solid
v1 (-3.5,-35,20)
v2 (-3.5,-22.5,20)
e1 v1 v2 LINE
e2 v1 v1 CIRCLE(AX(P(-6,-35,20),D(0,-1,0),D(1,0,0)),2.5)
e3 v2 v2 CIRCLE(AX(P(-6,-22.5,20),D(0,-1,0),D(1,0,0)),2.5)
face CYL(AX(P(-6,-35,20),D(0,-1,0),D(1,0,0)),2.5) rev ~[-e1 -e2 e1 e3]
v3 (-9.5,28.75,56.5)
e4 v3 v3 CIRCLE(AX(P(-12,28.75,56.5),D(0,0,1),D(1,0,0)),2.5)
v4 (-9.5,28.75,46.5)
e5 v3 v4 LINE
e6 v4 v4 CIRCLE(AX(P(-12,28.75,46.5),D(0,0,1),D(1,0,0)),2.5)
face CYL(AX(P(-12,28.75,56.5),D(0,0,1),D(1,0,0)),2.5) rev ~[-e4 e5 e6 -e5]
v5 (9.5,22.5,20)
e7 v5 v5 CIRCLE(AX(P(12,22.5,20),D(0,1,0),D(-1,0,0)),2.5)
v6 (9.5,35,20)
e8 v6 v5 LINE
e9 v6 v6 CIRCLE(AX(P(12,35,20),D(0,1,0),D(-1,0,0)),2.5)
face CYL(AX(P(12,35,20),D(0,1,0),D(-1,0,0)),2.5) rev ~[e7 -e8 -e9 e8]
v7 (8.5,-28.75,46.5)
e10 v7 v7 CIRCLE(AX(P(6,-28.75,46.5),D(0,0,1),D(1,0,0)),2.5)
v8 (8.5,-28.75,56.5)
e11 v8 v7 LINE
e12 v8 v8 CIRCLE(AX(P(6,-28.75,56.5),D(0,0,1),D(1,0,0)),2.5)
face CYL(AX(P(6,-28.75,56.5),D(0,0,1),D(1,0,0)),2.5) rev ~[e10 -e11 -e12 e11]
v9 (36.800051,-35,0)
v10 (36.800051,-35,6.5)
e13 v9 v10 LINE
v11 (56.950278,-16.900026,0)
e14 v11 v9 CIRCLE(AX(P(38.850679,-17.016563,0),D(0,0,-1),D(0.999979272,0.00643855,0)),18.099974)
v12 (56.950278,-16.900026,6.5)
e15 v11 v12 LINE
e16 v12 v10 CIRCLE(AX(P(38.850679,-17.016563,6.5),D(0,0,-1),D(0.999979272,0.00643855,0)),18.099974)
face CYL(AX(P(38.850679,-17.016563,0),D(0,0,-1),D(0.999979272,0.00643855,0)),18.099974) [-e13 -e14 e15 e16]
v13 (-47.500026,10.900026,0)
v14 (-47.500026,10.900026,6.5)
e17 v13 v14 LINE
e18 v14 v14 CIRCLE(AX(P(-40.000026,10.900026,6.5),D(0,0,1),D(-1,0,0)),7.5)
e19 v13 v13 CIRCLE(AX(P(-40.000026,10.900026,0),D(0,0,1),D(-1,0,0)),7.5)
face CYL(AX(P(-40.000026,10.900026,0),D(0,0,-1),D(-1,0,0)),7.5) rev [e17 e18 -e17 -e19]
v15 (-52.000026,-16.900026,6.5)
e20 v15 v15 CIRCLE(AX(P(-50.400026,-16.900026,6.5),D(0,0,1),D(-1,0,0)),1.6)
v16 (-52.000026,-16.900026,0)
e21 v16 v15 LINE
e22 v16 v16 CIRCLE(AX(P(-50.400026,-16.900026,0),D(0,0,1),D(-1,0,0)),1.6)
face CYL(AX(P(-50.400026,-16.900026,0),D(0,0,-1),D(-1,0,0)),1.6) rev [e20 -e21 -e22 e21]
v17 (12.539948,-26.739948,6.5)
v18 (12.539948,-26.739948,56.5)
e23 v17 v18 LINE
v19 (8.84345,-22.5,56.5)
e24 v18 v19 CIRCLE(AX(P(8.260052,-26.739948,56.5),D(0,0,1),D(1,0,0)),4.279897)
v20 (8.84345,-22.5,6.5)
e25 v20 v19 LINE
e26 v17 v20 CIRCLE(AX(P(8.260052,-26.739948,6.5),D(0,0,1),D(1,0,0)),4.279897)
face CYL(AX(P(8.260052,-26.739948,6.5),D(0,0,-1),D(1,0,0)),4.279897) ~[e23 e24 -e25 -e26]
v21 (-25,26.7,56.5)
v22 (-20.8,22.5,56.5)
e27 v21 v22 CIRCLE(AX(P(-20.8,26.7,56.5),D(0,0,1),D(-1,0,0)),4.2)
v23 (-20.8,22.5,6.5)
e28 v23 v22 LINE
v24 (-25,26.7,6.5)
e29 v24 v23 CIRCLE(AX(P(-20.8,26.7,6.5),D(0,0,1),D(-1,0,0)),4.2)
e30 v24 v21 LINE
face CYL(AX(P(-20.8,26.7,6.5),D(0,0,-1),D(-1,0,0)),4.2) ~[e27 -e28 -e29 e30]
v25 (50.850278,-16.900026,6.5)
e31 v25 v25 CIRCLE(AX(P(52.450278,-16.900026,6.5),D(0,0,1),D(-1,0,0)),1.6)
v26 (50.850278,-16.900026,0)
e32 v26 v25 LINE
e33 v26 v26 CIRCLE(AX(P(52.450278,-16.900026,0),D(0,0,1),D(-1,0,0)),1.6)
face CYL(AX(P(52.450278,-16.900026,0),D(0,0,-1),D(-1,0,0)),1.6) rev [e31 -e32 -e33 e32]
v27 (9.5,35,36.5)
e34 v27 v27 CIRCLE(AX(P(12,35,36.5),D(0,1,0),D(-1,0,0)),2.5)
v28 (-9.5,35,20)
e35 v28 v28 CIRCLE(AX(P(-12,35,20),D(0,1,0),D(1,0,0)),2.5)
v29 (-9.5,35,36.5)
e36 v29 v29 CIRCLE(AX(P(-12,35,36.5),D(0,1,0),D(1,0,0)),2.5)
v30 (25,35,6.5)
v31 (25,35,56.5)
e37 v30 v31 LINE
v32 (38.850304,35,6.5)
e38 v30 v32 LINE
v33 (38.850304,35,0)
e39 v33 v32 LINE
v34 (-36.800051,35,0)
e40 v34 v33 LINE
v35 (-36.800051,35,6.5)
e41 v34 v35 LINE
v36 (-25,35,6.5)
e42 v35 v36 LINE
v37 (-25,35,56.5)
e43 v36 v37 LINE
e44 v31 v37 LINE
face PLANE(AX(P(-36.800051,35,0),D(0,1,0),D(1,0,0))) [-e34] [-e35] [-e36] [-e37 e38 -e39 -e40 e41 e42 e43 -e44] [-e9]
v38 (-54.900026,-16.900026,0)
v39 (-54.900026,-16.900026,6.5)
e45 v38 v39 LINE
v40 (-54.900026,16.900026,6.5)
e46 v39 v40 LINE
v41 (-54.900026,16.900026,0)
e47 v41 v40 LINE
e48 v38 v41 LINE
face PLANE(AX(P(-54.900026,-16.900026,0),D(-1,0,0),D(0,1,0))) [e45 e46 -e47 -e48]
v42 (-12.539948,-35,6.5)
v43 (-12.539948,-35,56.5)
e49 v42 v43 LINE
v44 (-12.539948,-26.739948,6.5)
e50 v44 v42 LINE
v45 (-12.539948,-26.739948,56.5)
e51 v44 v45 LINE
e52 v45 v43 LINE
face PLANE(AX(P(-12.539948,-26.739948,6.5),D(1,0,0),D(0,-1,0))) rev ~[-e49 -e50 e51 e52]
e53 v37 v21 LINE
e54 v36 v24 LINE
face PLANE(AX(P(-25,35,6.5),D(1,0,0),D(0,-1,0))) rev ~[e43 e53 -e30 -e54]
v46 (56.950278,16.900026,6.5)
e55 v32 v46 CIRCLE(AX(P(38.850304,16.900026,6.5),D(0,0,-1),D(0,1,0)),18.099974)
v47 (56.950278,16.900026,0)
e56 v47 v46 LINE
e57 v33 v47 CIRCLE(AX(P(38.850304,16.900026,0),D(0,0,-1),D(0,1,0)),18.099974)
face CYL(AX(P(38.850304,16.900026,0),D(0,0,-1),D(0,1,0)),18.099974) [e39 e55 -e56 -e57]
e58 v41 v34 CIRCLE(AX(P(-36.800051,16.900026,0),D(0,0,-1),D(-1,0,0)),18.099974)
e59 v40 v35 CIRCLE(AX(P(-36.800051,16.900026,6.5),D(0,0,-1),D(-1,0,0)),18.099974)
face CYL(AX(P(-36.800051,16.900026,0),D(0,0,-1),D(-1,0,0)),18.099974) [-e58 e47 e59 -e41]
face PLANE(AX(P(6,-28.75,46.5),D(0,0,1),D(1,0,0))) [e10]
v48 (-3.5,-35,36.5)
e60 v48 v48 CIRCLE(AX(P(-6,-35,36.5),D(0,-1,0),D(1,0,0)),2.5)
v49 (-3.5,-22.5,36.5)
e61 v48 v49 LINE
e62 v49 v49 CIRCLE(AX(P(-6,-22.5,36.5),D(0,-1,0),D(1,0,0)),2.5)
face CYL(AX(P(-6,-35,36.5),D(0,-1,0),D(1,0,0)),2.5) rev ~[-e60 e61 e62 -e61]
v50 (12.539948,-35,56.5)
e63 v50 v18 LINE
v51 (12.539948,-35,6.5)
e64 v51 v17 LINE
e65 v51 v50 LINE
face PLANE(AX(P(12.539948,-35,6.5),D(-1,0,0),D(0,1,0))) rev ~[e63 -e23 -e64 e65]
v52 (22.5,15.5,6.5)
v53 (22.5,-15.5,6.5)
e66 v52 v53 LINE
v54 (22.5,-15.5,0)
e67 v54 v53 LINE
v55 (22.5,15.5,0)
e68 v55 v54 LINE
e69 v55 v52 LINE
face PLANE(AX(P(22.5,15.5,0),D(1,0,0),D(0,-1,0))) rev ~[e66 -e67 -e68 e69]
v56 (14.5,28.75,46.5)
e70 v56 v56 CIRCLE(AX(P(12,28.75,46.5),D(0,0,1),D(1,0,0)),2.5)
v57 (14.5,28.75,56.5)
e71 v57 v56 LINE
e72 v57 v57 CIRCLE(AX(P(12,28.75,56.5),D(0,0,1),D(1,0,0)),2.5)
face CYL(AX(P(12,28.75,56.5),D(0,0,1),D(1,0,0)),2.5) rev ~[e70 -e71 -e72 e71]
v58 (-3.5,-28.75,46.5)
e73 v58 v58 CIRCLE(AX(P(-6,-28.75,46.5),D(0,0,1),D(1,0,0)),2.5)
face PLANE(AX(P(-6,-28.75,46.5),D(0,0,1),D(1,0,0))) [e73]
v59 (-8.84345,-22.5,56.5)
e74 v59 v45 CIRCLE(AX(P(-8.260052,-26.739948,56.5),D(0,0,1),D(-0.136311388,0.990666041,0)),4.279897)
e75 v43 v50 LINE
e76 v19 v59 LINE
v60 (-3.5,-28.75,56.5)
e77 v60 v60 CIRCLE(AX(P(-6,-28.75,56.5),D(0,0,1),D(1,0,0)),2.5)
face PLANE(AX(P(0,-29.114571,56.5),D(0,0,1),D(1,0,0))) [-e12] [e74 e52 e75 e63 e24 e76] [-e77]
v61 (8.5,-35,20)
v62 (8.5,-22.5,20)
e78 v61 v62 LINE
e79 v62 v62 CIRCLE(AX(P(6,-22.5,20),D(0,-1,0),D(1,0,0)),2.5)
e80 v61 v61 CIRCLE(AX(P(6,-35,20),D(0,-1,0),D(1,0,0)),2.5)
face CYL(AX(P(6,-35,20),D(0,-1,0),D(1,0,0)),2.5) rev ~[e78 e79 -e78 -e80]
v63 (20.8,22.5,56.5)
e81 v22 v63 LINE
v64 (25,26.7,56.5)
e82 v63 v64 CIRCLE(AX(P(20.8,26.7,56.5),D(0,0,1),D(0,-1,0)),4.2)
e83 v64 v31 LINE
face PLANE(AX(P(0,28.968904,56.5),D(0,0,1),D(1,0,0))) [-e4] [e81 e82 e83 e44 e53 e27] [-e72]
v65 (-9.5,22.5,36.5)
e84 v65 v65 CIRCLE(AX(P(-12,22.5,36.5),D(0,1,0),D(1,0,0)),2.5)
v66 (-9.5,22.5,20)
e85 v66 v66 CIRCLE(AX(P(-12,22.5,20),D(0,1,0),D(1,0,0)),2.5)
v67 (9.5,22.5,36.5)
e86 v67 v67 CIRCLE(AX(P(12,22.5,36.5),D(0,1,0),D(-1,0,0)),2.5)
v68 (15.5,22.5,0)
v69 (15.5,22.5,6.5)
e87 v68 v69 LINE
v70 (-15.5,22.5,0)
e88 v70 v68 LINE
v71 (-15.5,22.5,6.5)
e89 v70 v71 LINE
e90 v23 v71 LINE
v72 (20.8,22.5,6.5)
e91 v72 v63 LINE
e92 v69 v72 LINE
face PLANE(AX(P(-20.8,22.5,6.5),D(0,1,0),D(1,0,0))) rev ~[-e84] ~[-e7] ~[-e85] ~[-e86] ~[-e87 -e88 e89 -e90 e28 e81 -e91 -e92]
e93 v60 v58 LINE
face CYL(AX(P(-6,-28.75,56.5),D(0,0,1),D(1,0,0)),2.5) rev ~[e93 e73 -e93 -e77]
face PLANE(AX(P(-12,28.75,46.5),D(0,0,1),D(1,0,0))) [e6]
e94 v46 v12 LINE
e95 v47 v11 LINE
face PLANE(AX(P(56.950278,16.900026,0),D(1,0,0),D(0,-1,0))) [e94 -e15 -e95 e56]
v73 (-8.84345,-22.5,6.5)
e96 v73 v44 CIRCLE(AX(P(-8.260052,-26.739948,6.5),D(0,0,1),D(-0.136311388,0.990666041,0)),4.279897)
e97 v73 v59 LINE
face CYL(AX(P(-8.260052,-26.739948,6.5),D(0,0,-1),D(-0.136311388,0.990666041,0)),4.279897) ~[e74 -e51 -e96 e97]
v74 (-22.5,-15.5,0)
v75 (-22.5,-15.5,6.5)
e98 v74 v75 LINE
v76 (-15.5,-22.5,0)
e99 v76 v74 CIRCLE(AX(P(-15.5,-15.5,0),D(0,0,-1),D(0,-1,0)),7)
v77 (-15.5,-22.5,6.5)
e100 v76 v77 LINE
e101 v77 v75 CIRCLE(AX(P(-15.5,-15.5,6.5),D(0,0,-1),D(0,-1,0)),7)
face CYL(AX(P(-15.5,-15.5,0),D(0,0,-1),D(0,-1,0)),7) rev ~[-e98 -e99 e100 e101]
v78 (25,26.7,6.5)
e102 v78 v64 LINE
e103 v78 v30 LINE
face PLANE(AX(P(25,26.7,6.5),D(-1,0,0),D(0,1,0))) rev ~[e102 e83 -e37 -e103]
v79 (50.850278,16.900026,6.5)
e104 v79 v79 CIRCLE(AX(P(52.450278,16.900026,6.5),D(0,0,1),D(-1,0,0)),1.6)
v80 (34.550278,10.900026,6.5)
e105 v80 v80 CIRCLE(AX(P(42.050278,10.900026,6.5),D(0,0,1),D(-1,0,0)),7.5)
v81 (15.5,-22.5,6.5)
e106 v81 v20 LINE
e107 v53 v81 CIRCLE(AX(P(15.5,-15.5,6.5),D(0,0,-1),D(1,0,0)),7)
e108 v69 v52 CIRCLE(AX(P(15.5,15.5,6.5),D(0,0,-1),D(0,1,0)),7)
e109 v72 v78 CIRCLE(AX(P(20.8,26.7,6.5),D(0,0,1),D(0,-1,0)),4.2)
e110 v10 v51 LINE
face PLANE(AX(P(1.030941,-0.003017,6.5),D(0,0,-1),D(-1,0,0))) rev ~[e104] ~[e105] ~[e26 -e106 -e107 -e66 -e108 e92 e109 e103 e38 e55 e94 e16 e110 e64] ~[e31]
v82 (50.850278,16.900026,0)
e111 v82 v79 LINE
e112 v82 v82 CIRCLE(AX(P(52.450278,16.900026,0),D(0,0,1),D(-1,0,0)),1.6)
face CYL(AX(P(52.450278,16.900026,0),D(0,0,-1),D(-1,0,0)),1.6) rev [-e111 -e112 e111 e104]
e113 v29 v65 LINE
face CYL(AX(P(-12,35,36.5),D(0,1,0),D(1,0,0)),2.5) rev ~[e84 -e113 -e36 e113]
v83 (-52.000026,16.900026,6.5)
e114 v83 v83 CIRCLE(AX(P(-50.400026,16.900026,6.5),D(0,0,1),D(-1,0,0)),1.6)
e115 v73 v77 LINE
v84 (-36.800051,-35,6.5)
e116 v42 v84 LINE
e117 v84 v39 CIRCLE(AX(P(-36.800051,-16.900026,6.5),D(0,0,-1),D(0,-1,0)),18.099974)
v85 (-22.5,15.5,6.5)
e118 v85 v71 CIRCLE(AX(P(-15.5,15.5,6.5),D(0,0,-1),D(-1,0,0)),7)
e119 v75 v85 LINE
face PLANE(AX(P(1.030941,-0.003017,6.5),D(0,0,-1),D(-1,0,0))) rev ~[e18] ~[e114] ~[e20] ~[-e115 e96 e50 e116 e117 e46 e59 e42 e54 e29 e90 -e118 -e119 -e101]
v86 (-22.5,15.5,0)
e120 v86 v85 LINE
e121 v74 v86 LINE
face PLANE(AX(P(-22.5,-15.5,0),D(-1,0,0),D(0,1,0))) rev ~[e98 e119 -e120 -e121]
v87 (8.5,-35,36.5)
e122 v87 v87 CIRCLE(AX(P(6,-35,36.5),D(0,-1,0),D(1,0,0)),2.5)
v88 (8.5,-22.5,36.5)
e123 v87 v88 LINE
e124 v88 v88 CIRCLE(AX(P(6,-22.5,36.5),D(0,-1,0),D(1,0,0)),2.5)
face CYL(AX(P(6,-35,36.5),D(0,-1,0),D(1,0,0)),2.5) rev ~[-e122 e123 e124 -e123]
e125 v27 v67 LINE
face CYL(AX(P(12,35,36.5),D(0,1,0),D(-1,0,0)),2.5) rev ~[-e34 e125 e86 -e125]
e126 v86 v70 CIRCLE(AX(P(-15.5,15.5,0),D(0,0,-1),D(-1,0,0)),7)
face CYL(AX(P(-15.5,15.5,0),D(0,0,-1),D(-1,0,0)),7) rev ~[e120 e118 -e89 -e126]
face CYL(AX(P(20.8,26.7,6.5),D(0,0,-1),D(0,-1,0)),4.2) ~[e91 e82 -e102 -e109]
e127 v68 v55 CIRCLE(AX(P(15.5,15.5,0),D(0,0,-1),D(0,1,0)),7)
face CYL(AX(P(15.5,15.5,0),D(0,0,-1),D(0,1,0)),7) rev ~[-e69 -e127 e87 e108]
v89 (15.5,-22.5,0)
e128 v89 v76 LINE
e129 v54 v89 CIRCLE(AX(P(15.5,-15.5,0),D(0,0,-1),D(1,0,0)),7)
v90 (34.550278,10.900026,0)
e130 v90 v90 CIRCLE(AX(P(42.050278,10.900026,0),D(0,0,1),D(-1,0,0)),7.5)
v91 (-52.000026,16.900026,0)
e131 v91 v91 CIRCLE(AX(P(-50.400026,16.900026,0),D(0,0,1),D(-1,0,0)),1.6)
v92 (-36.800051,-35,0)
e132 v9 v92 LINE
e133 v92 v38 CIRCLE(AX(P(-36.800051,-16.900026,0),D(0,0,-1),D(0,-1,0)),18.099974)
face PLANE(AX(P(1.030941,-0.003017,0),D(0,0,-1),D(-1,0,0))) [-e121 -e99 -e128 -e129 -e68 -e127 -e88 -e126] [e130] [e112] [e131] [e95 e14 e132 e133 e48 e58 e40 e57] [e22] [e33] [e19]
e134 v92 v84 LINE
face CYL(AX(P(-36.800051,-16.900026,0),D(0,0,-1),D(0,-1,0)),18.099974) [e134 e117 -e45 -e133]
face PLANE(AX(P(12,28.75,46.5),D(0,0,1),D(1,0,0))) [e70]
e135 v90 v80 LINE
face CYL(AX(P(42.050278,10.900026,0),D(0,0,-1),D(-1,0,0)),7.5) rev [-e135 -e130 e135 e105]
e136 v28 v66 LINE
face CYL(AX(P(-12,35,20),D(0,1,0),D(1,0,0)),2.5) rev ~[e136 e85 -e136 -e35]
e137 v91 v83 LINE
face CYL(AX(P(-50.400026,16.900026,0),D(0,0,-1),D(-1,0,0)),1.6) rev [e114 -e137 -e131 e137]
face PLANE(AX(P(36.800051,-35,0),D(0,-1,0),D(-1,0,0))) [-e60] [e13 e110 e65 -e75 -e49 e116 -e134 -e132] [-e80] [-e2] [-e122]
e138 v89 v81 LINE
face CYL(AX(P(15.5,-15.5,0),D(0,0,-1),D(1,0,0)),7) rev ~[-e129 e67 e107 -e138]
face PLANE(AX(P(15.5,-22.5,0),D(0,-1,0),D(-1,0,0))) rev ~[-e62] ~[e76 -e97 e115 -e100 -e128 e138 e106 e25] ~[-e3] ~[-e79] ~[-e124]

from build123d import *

# Parameters (mm, degrees)
SKETCH_1_R          = 1.6
SKETCH_1_R_2        = 7.5
EXTRUDE_1_DEPTH     = 6.5
EXTRUDE_2_DEPTH     = 50
SKETCH_3_R          = 2.5
CUT_EXTRUDE_1_DEPTH = 10
CUT_EXTRUDE_2_REACH = 108.546
SKETCH_5_R          = 2.5
CUT_EXTRUDE_3_REACH = 108.469
SKETCH_6_R          = 2.5


with BuildPart() as part:
    # 草图1 → 凸台-拉伸1 (new body)
    with BuildSketch(Plane.XY):
        with BuildLine():
            Line((-36.800051208, 35), (38.850303739, 35))
            ThreePointArc((38.850303739, 35), (51.648918374, 29.698640239), (56.950278135, 16.900025604))
            Line((56.950278135, 16.900025604), (56.950278135, -16.900025604))
            ThreePointArc((56.950278135, -16.900025604), (50.945911029, -30.48186799), (36.800051208, -35))
            Line((36.800051208, -35), (-36.800051208, -35))
            ThreePointArc((-36.800051208, -35), (-49.598665842, -29.698640239), (-54.900025604, -16.900025604))
            Line((-54.900025604, -16.900025604), (-54.900025604, 16.900025604))
            ThreePointArc((-54.900025604, 16.900025604), (-49.598665842, 29.698640239), (-36.800051208, 35))
        make_face()
        with Locations(Location((-50.400025604, 16.900025604, 0), (0, 0, 180))):
            Circle(SKETCH_1_R, mode=Mode.SUBTRACT)
        with Locations(Location((-40.000025604, 10.900025604, 0), (0, 0, 180))):
            Circle(SKETCH_1_R_2, mode=Mode.SUBTRACT)
        with Locations(Location((52.450278135, 16.900025604, 0), (0, 0, 180))):
            Circle(SKETCH_1_R, mode=Mode.SUBTRACT)
        with Locations(Location((42.050278135, 10.900025604, 0), (0, 0, 180))):
            Circle(SKETCH_1_R_2, mode=Mode.SUBTRACT)
        with Locations(Location((52.450278135, -16.900025604, 0), (0, 0, 180))):
            Circle(SKETCH_1_R, mode=Mode.SUBTRACT)
        with Locations(Location((-50.400025604, -16.900025604, 0), (0, 0, 180))):
            Circle(SKETCH_1_R, mode=Mode.SUBTRACT)
        with BuildLine():
            Line((-15.5, 22.5), (15.5, 22.5))
            ThreePointArc((15.5, 22.5), (20.449747468, 20.449747468), (22.5, 15.5))
            Line((22.5, 15.5), (22.5, -15.5))
            ThreePointArc((22.5, -15.5), (20.449747468, -20.449747468), (15.5, -22.5))
            Line((15.5, -22.5), (-15.5, -22.5))
            ThreePointArc((-15.5, -22.5), (-20.449747468, -20.449747468), (-22.5, -15.5))
            Line((-22.5, -15.5), (-22.5, 15.5))
            ThreePointArc((-22.5, 15.5), (-20.449747468, 20.449747468), (-15.5, 22.5))
        make_face(mode=Mode.SUBTRACT)
    extrude(amount=EXTRUDE_1_DEPTH)

    # 草图2 → 凸台-拉伸2 (add)
    with BuildSketch(Plane.XY.offset(6.5)):
        with BuildLine():
            Line((8.843450288, -22.5), (-8.843450288, -22.5))
            ThreePointArc((-8.843450288, -22.5), (-11.48607102, -23.92742014), (-12.539948379, -26.739948379))
            Line((-12.539948379, -26.739948379), (-12.539948379, -35))
            Line((-12.539948379, -35), (12.539948379, -35))
            Line((12.539948379, -35), (12.539948379, -26.739948379))
            ThreePointArc((12.539948379, -26.739948379), (11.48607102, -23.92742014), (8.843450288, -22.5))
        make_face()
        with BuildLine():
            Line((-20.8, 22.5), (20.8, 22.5))
            ThreePointArc((20.8, 22.5), (23.769848481, 23.730151519), (25, 26.7))
            Line((25, 26.7), (25, 35))
            Line((25, 35), (-25, 35))
            Line((-25, 35), (-25, 26.7))
            ThreePointArc((-25, 26.7), (-23.769848481, 23.730151519), (-20.8, 22.5))
        make_face()
    extrude(amount=EXTRUDE_2_DEPTH)

    # 草图3 → 切除-拉伸1 (cut)
    with BuildSketch(Plane.XY.offset(56.5)):
        with Locations((-12, 28.75)):
            Circle(SKETCH_3_R)
        with Locations((12, 28.75)):
            Circle(SKETCH_3_R)
        with Locations((-6, -28.75)):
            Circle(SKETCH_3_R)
        with Locations((6, -28.75)):
            Circle(SKETCH_3_R)
    extrude(amount=-CUT_EXTRUDE_1_DEPTH, mode=Mode.SUBTRACT)

    # 草图5 → 切除-拉伸2 (cut, up to next)
    with BuildSketch(Plane(origin=(0, 35, 0), x_dir=(1, 0, 0), z_dir=(0, 1, 0)), mode=Mode.PRIVATE) as cut_extrude_2_sk1:
        with Locations(Location((12, -20, 0), (0, 0, 180))):
            Circle(SKETCH_5_R)
    cut_extrude_2_tool1 = extrude(cut_extrude_2_sk1.sketch, amount=-CUT_EXTRUDE_2_REACH, mode=Mode.PRIVATE) & part.part
    # 草图5 → 切除-拉伸2 (cut, up to next)
    with BuildSketch(Plane(origin=(0, 35, 0), x_dir=(1, 0, 0), z_dir=(0, 1, 0)), mode=Mode.PRIVATE) as cut_extrude_2_sk2:
        with Locations((-12, -20)):
            Circle(SKETCH_5_R)
    cut_extrude_2_tool2 = extrude(cut_extrude_2_sk2.sketch, amount=-CUT_EXTRUDE_2_REACH, mode=Mode.PRIVATE) & part.part
    # 草图5 → 切除-拉伸2 (cut, up to next)
    with BuildSketch(Plane(origin=(0, 35, 0), x_dir=(1, 0, 0), z_dir=(0, 1, 0)), mode=Mode.PRIVATE) as cut_extrude_2_sk3:
        with Locations(Location((12, -36.5, 0), (0, 0, 180))):
            Circle(SKETCH_5_R)
    cut_extrude_2_tool3 = extrude(cut_extrude_2_sk3.sketch, amount=-CUT_EXTRUDE_2_REACH, mode=Mode.PRIVATE) & part.part
    # 草图5 → 切除-拉伸2 (cut, up to next)
    with BuildSketch(Plane(origin=(0, 35, 0), x_dir=(1, 0, 0), z_dir=(0, 1, 0)), mode=Mode.PRIVATE) as cut_extrude_2_sk4:
        with Locations((-12, -36.5)):
            Circle(SKETCH_5_R)
    cut_extrude_2_tool4 = extrude(cut_extrude_2_sk4.sketch, amount=-CUT_EXTRUDE_2_REACH, mode=Mode.PRIVATE) & part.part
    add(cut_extrude_2_tool1.solids().sort_by_distance((12, 35, 20))[0], mode=Mode.SUBTRACT)
    add(cut_extrude_2_tool2.solids().sort_by_distance((-12, 35, 20))[0], mode=Mode.SUBTRACT)
    add(cut_extrude_2_tool3.solids().sort_by_distance((12, 35, 36.5))[0], mode=Mode.SUBTRACT)
    add(cut_extrude_2_tool4.solids().sort_by_distance((-12, 35, 36.5))[0], mode=Mode.SUBTRACT)

    # 草图6 → 切除-拉伸3 (cut, up to next)
    with BuildSketch(Plane.XZ.offset(35), mode=Mode.PRIVATE) as cut_extrude_3_sk1:
        with Locations((-6, 20)):
            Circle(SKETCH_6_R)
    cut_extrude_3_tool1 = extrude(cut_extrude_3_sk1.sketch, amount=-CUT_EXTRUDE_3_REACH, mode=Mode.PRIVATE) & part.part
    # 草图6 → 切除-拉伸3 (cut, up to next)
    with BuildSketch(Plane.XZ.offset(35), mode=Mode.PRIVATE) as cut_extrude_3_sk2:
        with Locations((6, 20)):
            Circle(SKETCH_6_R)
    cut_extrude_3_tool2 = extrude(cut_extrude_3_sk2.sketch, amount=-CUT_EXTRUDE_3_REACH, mode=Mode.PRIVATE) & part.part
    # 草图6 → 切除-拉伸3 (cut, up to next)
    with BuildSketch(Plane.XZ.offset(35), mode=Mode.PRIVATE) as cut_extrude_3_sk3:
        with Locations((-6, 36.5)):
            Circle(SKETCH_6_R)
    cut_extrude_3_tool3 = extrude(cut_extrude_3_sk3.sketch, amount=-CUT_EXTRUDE_3_REACH, mode=Mode.PRIVATE) & part.part
    # 草图6 → 切除-拉伸3 (cut, up to next)
    with BuildSketch(Plane.XZ.offset(35), mode=Mode.PRIVATE) as cut_extrude_3_sk4:
        with Locations((6, 36.5)):
            Circle(SKETCH_6_R)
    cut_extrude_3_tool4 = extrude(cut_extrude_3_sk4.sketch, amount=-CUT_EXTRUDE_3_REACH, mode=Mode.PRIVATE) & part.part
    add(cut_extrude_3_tool1.solids().sort_by_distance((-6, -35, 20))[0], mode=Mode.SUBTRACT)
    add(cut_extrude_3_tool2.solids().sort_by_distance((6, -35, 20))[0], mode=Mode.SUBTRACT)
    add(cut_extrude_3_tool3.solids().sort_by_distance((-6, -35, 36.5))[0], mode=Mode.SUBTRACT)
    add(cut_extrude_3_tool4.solids().sort_by_distance((6, -35, 36.5))[0], mode=Mode.SUBTRACT)


solid = part.part
